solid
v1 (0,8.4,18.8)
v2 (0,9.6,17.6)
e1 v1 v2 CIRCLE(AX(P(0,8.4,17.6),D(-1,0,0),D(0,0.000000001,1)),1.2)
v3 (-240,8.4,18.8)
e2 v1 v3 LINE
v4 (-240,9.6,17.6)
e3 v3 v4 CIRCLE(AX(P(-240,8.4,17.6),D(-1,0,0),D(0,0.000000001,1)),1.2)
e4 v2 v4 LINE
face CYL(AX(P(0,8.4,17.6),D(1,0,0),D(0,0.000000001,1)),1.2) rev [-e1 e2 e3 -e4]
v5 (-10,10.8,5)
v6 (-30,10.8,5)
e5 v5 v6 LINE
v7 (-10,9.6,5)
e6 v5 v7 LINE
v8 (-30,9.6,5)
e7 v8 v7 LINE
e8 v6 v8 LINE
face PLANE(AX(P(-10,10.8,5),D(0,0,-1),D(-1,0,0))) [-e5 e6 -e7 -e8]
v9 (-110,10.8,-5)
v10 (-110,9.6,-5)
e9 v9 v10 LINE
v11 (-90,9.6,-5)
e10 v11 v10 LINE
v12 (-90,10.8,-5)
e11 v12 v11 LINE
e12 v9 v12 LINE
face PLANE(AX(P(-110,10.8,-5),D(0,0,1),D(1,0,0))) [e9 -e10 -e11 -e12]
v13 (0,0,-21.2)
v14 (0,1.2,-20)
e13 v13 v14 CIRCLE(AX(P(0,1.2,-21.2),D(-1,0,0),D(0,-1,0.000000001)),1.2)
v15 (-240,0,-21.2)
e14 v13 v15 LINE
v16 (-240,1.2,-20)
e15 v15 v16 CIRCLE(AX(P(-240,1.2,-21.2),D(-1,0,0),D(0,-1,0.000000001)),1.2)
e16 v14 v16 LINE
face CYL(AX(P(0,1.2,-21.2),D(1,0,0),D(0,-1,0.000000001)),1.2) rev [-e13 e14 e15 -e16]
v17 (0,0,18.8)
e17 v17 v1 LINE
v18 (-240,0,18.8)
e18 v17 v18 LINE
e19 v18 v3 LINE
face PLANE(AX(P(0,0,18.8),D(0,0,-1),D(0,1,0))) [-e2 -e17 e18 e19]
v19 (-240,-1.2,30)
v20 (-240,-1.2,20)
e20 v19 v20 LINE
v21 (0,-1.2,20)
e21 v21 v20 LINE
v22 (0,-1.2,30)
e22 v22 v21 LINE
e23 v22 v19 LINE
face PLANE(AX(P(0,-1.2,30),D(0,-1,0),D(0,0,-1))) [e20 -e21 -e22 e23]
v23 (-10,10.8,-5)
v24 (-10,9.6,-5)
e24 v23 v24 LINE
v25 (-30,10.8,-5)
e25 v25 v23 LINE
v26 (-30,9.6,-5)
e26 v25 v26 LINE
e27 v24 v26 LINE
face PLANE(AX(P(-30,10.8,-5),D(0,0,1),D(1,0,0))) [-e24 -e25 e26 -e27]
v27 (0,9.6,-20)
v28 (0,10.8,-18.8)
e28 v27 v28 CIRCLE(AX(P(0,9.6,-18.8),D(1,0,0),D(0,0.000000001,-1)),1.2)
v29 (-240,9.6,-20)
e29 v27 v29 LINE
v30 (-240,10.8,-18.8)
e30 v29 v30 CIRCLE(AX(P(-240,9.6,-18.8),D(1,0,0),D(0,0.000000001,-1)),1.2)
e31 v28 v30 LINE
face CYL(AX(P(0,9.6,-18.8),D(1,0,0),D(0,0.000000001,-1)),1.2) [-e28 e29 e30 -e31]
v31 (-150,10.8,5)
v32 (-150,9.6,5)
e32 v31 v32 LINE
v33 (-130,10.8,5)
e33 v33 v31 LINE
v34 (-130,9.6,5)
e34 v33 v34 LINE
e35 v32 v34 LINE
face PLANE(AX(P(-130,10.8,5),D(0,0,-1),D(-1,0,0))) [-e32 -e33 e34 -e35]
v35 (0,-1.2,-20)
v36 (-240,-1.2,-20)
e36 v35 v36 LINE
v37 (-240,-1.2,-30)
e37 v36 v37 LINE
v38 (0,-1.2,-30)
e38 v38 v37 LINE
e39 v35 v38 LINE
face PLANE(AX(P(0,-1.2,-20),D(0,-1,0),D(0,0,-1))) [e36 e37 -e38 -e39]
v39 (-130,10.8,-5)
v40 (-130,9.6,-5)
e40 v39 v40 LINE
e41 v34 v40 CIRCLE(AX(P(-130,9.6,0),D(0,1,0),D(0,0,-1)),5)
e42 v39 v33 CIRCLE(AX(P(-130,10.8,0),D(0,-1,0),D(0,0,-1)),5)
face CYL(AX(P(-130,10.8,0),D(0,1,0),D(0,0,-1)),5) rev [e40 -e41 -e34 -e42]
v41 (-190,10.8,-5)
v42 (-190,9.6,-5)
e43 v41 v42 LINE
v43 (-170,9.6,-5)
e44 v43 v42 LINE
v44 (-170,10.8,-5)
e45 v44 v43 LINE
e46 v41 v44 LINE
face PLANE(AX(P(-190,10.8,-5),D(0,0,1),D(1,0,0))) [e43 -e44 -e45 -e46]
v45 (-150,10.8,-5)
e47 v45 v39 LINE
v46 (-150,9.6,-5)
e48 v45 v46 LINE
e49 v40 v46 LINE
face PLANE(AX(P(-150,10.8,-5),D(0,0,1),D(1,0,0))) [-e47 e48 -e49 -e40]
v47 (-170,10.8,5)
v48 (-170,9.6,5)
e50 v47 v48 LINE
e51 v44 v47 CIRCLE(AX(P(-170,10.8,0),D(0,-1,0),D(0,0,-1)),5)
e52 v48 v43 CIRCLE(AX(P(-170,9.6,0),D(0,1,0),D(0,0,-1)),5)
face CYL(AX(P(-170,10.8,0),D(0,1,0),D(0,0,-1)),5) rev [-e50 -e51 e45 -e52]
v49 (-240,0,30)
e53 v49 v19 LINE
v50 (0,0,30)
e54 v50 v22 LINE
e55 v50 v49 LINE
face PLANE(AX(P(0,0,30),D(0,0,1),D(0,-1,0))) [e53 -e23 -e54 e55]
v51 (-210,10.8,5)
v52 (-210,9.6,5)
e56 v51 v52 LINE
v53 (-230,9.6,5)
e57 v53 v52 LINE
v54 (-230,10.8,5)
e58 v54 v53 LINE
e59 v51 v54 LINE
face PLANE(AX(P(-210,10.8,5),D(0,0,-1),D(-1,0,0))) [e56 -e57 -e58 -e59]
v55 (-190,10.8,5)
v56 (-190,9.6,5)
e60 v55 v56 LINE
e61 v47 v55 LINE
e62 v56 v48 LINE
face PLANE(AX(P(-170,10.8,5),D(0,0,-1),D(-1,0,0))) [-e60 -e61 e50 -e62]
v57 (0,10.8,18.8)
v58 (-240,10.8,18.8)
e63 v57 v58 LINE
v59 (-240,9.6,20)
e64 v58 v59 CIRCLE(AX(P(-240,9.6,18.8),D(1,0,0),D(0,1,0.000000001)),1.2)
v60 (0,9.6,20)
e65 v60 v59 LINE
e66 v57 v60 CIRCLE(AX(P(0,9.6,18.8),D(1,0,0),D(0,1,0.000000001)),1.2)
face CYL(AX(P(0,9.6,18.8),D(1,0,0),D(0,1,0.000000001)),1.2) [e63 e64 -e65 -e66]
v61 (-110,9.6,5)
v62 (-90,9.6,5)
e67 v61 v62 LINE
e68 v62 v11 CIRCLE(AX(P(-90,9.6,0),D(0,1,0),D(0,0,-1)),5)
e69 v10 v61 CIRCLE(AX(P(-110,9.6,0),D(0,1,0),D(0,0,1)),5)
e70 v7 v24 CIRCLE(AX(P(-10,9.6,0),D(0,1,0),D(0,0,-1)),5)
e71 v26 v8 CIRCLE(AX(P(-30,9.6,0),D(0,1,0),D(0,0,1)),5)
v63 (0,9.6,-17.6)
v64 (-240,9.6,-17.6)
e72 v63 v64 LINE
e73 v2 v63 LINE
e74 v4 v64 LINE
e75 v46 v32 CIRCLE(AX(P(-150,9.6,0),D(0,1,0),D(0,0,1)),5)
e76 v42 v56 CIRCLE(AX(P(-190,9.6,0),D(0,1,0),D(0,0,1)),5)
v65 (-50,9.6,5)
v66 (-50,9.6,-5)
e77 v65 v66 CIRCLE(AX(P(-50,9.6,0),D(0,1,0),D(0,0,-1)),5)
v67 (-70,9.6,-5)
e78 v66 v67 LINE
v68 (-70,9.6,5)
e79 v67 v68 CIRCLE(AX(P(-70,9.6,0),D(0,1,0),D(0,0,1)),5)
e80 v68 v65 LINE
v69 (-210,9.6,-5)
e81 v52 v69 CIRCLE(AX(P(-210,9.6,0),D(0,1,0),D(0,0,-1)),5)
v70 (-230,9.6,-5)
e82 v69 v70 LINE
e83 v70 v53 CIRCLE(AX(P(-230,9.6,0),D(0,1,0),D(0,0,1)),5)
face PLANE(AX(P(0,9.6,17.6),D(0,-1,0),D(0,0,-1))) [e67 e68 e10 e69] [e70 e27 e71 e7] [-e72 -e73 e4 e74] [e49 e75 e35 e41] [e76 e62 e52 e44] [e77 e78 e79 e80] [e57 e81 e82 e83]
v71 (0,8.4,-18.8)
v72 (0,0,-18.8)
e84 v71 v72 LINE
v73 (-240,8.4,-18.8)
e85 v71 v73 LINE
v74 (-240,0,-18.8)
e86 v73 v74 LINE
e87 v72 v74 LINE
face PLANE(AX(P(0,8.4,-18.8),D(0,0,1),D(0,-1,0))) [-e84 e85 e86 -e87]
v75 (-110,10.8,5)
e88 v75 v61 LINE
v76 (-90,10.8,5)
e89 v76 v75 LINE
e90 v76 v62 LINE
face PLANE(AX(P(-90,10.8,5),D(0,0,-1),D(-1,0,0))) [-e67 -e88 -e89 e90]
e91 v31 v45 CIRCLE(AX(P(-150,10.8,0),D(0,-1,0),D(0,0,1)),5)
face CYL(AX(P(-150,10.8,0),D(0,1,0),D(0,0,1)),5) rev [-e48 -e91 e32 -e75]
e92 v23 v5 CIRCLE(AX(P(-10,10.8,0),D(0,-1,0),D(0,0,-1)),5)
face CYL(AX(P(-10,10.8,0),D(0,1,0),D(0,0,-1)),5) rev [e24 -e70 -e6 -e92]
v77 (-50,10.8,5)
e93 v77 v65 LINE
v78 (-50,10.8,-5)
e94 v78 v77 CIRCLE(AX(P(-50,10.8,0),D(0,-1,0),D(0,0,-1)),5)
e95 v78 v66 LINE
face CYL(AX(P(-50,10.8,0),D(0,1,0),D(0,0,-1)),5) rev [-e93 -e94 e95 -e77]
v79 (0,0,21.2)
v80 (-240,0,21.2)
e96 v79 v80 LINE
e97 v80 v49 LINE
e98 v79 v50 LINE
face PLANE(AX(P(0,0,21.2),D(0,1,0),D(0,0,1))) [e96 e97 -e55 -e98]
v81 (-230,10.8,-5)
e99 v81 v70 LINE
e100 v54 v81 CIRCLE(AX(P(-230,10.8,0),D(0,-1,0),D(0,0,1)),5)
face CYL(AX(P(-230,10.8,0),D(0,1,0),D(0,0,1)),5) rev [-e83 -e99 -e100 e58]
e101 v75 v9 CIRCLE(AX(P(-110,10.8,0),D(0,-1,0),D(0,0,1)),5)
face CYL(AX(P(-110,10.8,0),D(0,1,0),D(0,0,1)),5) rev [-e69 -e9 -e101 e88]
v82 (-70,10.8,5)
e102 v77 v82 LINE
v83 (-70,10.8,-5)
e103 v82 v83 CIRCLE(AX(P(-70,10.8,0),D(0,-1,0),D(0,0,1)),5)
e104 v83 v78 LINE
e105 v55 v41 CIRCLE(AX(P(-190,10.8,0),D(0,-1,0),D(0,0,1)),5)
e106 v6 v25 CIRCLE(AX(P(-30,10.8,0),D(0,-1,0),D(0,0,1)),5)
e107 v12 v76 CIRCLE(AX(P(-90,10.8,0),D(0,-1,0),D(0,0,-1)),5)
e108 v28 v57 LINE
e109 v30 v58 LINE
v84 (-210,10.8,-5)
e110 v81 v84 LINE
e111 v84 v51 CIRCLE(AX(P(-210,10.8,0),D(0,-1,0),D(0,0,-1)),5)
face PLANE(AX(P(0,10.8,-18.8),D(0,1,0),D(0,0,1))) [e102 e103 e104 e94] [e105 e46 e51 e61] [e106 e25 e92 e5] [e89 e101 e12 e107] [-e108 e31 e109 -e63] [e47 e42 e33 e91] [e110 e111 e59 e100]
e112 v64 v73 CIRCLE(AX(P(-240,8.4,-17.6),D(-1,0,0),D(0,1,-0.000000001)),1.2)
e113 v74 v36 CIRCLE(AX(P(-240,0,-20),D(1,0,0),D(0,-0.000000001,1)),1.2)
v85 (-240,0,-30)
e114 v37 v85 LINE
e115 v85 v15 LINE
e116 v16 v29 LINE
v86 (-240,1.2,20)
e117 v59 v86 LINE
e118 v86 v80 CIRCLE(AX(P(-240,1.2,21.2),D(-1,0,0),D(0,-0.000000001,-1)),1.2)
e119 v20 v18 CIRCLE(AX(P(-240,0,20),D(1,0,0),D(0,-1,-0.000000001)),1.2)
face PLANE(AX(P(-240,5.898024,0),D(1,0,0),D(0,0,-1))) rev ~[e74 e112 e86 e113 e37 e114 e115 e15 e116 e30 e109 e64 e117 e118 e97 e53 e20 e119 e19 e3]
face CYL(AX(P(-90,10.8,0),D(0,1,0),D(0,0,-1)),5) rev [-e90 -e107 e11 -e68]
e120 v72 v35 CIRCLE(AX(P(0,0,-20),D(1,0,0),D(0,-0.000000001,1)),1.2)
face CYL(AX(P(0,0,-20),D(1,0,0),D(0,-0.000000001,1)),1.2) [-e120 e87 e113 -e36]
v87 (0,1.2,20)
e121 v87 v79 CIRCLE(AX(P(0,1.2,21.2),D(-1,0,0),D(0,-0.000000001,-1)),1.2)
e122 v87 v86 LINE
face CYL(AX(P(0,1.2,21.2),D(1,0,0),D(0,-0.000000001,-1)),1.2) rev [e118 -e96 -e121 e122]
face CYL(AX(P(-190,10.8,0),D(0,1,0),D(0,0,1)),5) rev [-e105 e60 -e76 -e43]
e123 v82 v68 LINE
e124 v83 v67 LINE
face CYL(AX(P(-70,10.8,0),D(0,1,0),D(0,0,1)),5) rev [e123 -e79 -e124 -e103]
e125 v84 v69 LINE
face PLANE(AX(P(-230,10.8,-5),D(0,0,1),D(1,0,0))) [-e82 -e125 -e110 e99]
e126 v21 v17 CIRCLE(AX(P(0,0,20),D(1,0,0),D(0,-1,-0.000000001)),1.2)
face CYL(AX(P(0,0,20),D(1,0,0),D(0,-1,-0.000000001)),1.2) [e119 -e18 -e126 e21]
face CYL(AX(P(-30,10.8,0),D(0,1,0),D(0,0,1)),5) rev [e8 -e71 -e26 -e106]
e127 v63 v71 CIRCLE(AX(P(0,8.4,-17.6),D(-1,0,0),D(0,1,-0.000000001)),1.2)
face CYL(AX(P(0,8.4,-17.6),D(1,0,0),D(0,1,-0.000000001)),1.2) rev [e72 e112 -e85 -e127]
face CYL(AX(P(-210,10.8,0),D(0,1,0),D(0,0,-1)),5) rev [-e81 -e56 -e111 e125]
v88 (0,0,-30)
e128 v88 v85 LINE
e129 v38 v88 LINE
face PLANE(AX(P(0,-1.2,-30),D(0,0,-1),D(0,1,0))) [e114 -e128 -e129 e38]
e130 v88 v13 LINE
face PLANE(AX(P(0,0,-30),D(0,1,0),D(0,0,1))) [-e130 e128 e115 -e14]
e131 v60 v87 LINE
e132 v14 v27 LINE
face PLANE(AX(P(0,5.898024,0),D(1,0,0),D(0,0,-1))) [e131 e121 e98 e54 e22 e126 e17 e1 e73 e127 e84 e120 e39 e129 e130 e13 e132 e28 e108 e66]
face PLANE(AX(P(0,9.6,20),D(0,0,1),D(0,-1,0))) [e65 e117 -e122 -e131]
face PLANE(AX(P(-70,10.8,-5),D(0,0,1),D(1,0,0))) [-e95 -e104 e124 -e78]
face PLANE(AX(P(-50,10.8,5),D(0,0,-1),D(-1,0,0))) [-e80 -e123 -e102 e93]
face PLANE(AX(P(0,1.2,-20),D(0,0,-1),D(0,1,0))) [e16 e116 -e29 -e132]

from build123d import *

# Parameters (mm, degrees)
BOSS_EXTRUDE1_DEPTH = 240
CUT_EXTRUDE1_DEPTH  = 243.165232847


with BuildPart() as part:
    # Sketch1 → Boss-Extrude1 (new body)
    with BuildSketch(Plane(origin=(0, 0, 0), x_dir=(0, 0, -1), z_dir=(1, 0, 0))):
        with BuildLine():
            Line((-21.2, 0), (-30, 0))
            Line((-30, 0), (-30, -1.2))
            Line((-30, -1.2), (-20, -1.2))
            ThreePointArc((-20, -1.2), (-19.151471863, -0.848528137), (-18.8, 0))
            Line((-18.8, 0), (-18.8, 8.4))
            ThreePointArc((-18.8, 8.4), (-18.448528137, 9.248528137), (-17.6, 9.6))
            Line((-17.6, 9.6), (17.6, 9.6))
            ThreePointArc((17.6, 9.6), (18.448528137, 9.248528137), (18.8, 8.4))
            Line((18.8, 8.4), (18.8, 0))
            ThreePointArc((18.8, 0), (19.151471863, -0.848528137), (20, -1.2))
            Line((20, -1.2), (30, -1.2))
            Line((30, -1.2), (30, 0))
            Line((30, 0), (21.2, 0))
            ThreePointArc((21.2, 0), (20.351471863, 0.351471863), (20, 1.2))
            Line((20, 1.2), (20, 9.6))
            ThreePointArc((20, 9.6), (19.648528137, 10.448528137), (18.8, 10.8))
            Line((18.8, 10.8), (-18.8, 10.8))
            ThreePointArc((-18.8, 10.8), (-19.648528137, 10.448528137), (-20, 9.6))
            Line((-20, 9.6), (-20, 1.2))
            ThreePointArc((-20, 1.2), (-20.351471863, 0.351471863), (-21.2, 0))
        make_face()
    extrude(amount=-BOSS_EXTRUDE1_DEPTH)

    # Sketch2 → Cut-Extrude1 (cut, through all)
    with BuildSketch(Plane(origin=(0, 10.8, 0), x_dir=(1, 0, 0), z_dir=(0, 1, 0))):
        with BuildLine():
            Line((-230, 5), (-210, 5))
            ThreePointArc((-210, 5), (-205, 0), (-210, -5))
            Line((-210, -5), (-230, -5))
            ThreePointArc((-230, -5), (-235, 0), (-230, 5))
        make_face()
        with BuildLine():
            Line((-190, 5), (-170, 5))
            ThreePointArc((-170, 5), (-165, 0), (-170, -5))
            Line((-170, -5), (-190, -5))
            ThreePointArc((-190, -5), (-195, 0), (-190, 5))
        make_face()
        with BuildLine():
            Line((-150, 5), (-130, 5))
            ThreePointArc((-130, 5), (-125, 0), (-130, -5))
            Line((-130, -5), (-150, -5))
            ThreePointArc((-150, -5), (-155, 0), (-150, 5))
        make_face()
        with BuildLine():
            Line((-110, 5), (-90, 5))
            ThreePointArc((-90, 5), (-85, 0), (-90, -5))
            Line((-90, -5), (-110, -5))
            ThreePointArc((-110, -5), (-115, 0), (-110, 5))
        make_face()
        with BuildLine():
            Line((-70, 5), (-50, 5))
            ThreePointArc((-50, 5), (-45, 0), (-50, -5))
            Line((-50, -5), (-70, -5))
            ThreePointArc((-70, -5), (-75, 0), (-70, 5))
        make_face()
        with BuildLine():
            Line((-30, 5), (-10, 5))
            ThreePointArc((-10, 5), (-5, 0), (-10, -5))
            Line((-10, -5), (-30, -5))
            ThreePointArc((-30, -5), (-35, 0), (-30, 5))
        make_face()
    extrude(amount=-CUT_EXTRUDE1_DEPTH, mode=Mode.SUBTRACT)


solid = part.part
